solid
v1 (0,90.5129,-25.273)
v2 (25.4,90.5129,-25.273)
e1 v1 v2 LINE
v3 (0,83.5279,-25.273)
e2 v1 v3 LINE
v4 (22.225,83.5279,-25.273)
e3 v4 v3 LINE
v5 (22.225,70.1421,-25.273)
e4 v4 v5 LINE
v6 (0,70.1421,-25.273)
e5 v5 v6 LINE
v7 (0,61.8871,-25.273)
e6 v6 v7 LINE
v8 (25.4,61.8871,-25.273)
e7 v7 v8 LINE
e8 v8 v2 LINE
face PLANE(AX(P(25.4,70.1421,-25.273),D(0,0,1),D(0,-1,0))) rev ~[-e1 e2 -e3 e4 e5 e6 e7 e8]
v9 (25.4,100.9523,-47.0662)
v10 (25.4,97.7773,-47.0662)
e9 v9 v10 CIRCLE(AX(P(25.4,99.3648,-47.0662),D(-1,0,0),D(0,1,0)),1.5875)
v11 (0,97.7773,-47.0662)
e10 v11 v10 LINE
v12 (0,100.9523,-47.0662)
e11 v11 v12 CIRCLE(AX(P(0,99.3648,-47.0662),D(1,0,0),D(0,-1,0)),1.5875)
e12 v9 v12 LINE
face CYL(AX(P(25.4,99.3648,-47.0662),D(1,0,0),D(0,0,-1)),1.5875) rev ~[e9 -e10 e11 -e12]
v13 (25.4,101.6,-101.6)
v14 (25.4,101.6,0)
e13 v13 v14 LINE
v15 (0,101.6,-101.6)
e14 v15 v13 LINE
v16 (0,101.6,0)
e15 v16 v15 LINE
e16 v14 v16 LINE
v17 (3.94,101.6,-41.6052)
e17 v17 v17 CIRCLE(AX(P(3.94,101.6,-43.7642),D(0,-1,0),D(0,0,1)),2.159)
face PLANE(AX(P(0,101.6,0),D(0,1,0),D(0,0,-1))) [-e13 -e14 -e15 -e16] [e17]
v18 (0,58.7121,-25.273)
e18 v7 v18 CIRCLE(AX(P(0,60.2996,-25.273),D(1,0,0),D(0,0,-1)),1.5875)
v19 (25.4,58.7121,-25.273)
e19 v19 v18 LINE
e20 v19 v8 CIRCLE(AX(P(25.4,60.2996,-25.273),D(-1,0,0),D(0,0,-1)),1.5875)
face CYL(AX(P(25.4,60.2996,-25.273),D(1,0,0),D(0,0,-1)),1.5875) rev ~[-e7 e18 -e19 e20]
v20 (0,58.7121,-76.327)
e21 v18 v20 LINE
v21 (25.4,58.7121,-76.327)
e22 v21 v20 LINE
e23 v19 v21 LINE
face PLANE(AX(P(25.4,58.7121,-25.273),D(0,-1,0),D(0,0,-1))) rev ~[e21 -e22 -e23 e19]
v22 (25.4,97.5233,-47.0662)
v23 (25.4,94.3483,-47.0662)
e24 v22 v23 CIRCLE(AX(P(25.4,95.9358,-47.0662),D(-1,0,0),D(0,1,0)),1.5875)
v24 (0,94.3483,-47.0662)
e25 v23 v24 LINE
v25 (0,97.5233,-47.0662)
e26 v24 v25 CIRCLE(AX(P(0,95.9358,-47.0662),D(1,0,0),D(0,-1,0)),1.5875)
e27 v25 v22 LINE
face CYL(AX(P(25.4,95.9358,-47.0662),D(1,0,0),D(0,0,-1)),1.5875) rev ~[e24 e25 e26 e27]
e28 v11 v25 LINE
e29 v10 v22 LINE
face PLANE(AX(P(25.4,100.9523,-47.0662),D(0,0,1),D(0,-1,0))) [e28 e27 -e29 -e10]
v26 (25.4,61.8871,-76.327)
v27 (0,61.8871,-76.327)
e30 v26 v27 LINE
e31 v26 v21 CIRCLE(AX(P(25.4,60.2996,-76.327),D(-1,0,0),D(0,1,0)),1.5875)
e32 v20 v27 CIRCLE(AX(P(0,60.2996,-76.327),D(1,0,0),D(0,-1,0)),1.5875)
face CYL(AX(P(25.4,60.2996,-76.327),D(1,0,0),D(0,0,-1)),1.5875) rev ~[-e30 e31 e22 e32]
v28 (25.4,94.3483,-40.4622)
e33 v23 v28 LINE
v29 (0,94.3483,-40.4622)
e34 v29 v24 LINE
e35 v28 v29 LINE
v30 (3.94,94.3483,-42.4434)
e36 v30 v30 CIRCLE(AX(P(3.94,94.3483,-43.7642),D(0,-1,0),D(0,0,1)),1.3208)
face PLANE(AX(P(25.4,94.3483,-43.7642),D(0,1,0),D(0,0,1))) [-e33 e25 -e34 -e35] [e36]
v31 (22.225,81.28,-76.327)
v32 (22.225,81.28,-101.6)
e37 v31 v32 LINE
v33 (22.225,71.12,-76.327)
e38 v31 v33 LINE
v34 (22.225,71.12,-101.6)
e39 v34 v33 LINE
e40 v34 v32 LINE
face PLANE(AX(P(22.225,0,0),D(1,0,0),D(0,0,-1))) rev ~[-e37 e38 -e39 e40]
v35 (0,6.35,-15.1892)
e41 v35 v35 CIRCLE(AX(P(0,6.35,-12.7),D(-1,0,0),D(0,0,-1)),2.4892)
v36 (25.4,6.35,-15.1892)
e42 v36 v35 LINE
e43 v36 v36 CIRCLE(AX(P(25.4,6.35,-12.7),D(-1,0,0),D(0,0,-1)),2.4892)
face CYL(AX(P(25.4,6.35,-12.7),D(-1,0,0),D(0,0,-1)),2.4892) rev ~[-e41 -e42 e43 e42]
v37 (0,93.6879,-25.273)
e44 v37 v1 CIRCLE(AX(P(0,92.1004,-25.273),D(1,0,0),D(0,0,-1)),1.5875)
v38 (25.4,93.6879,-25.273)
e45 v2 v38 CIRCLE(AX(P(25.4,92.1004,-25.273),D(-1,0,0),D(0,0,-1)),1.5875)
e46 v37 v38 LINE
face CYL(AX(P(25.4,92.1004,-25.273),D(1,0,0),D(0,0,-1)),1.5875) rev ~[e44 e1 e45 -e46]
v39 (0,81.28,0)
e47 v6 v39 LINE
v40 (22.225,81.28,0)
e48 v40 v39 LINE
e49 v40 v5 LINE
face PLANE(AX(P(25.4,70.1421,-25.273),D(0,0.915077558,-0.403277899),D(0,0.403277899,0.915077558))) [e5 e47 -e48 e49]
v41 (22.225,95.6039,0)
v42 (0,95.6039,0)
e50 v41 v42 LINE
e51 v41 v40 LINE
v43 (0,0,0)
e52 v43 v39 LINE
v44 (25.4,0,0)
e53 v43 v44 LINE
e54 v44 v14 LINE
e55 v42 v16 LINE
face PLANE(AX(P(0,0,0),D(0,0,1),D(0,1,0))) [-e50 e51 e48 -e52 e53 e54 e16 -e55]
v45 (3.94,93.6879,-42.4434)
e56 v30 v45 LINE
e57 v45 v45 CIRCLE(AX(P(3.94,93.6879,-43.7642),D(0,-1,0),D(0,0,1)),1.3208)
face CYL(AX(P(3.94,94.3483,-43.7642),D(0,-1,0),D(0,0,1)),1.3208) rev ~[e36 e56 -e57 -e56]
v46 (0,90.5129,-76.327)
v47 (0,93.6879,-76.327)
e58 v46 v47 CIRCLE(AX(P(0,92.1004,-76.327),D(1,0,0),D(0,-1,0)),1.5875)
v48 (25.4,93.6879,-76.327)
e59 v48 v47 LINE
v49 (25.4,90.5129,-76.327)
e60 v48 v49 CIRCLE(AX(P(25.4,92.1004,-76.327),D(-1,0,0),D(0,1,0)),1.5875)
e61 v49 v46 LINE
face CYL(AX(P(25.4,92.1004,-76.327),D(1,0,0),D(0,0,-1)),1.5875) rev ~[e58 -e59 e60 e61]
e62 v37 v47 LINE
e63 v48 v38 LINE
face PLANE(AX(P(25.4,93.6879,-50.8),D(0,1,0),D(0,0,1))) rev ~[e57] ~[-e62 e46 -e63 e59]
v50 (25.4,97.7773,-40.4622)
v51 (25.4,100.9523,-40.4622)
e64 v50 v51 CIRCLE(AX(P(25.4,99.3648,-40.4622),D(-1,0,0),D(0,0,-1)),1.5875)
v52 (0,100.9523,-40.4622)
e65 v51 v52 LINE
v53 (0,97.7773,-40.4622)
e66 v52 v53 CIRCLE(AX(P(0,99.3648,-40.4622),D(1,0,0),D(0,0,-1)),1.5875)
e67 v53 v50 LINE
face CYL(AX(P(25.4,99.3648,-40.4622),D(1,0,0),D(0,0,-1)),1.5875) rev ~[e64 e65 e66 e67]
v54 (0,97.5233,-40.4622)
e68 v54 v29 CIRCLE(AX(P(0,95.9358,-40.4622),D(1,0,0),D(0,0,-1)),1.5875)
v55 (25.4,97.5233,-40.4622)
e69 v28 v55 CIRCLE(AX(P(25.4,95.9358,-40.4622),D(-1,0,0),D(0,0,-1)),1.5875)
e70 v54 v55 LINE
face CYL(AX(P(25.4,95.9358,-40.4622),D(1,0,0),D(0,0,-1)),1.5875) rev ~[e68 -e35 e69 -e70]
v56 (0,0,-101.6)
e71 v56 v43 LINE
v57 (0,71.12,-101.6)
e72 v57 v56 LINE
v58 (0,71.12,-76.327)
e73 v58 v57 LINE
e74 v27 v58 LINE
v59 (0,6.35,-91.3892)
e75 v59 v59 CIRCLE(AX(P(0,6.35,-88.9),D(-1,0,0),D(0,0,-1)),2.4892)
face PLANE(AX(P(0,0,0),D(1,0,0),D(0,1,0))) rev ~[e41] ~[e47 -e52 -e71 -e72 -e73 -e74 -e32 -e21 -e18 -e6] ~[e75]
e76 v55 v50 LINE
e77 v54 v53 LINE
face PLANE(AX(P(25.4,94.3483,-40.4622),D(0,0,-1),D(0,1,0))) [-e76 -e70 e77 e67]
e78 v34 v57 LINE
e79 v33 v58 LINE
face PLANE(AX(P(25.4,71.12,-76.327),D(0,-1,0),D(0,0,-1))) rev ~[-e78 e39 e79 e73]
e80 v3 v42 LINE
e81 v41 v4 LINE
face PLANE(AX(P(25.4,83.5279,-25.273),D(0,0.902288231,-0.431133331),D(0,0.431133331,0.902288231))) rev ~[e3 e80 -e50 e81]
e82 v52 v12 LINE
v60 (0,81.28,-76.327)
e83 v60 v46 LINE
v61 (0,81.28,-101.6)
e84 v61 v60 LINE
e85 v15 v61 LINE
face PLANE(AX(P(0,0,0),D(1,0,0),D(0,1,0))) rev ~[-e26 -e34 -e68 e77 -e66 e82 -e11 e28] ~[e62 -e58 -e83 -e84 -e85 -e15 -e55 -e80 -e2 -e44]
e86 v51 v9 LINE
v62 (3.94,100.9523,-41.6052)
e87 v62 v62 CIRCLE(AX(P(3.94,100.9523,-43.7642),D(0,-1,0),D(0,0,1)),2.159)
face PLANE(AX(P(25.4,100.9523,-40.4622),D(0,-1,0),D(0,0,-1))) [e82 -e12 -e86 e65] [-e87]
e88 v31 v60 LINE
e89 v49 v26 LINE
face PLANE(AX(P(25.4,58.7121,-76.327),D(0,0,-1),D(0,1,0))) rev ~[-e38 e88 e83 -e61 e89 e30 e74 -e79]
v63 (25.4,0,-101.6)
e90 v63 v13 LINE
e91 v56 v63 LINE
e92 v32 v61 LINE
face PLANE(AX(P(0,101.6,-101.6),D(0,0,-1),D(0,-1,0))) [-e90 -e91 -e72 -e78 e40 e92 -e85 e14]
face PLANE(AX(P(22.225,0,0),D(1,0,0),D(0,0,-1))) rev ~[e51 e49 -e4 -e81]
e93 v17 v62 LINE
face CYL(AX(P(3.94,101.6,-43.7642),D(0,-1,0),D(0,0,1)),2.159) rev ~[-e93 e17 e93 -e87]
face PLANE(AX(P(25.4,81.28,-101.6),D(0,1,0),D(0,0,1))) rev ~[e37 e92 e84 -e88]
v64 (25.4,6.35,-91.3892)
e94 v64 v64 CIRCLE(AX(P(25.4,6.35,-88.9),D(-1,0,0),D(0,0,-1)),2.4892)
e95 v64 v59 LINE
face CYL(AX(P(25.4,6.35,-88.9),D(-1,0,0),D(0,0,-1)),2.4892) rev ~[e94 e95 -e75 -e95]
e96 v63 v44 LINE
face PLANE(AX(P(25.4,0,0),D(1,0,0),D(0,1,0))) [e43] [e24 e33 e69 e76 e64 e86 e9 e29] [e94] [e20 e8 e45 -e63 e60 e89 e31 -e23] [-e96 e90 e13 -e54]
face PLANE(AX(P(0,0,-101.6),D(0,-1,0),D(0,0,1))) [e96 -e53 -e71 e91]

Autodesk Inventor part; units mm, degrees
ref_plane "YZ Plane" through (0, 0, 0) normal (1, 0, 0) x (0, 1, 0)
ref_plane "XZ Plane" through (0, 0, 0) normal (0, 1, 0) x (-1, 0, 0)
ref_plane "XY Plane" through (0, 0, 0) normal (0, 0, 1) x (1, 0, 0)
sketch "Sketch1" plane through (0, 0, 0) normal (1, 0, 0) x (0, 1, 0)
  line L0 (0, 0) -> (101.6, 0)
  line L1 (101.6, 0) -> (101.6, -101.6)
  line L2 (101.6, -101.6) -> (0, -101.6)
  line L3 (0, -101.6) -> (0, 0)
  dimension "d0" = 101.6
  dimension "d1" = 101.6
extrude "Extrusion1" add sketch "Sketch1" along normal blind 25.4
sketch "Sketch2" plane through (25.4, 0, 0) normal (1, 0, 0) x (0, 0, -1)
  line L0 (0, 101.6) -> (0, 0) projected
  line L1 (0, 0) -> (12.7, 0)
  line L2 (12.7, 0) -> (12.7, 6.35)
  line L3 (12.7, 6.35) -> (0, 6.35)
  line L4 (0, 6.35) -> (0, 0)
  line L5 (101.6, 0) -> (101.6, 101.6) projected
  line L6 (101.6, 0) -> (88.9, 0)
  line L7 (88.9, 0) -> (88.9, 6.35)
  line L8 (88.9, 6.35) -> (101.6, 6.35)
  line L9 (101.6, 6.35) -> (101.6, 0)
  line L10 (101.6, 101.6) -> (0, 101.6) projected
  line L11 (50.8, 101.6) -> (50.8, 76.2)
  line L12 (25.273, 58.7121) -> (76.327, 58.7121)
  line L13 (76.327, 58.7121) -> (76.327, 93.6879)
  line L14 (76.327, 93.6879) -> (25.273, 93.6879)
  line L15 (25.273, 93.6879) -> (25.273, 58.7121)
  line L16 (25.273, 58.7121) -> (76.327, 93.6879) construction
  line L17 (76.327, 58.7121) -> (25.273, 93.6879) construction
  line L18 (74.9076, 71.12) -> (101.6, 71.12)
  line L19 (101.6, 71.12) -> (101.6, 81.28)
  line L20 (101.6, 81.28) -> (74.9076, 81.28)
  line L21 (74.9076, 81.28) -> (74.9076, 71.12)
  line L22 (74.9076, 71.12) -> (101.6, 81.28) construction
  line L23 (101.6, 71.12) -> (74.9076, 81.28) construction
  line L24 (25.273, 93.6879) -> (25.273, 83.5279)
  line L25 (25.273, 58.7121) -> (25.273, 70.1421)
  line L26 (25.273, 70.1421) -> (0, 81.28)
  line L27 (25.273, 83.5279) -> (0, 95.6039)
  line L28 (0, 81.28) -> (0, 95.6039)
  line L29 (25.273, 83.5279) -> (25.273, 70.1421)
  point P0 (88.2538, 76.2)
  point P1 (76.327, 81.28)
  point P2 (76.327, 71.12)
  dimension "d4" = 12.7
  dimension "d5" = 6.35
  dimension "d6" = 12.7
  dimension "d7" = 6.35
  dimension "d8" = 25.4
  dimension "d9" = 51.054
  dimension "d10" = 34.9758
  dimension "d20" = 10.16
  dimension "d21" = 10.16
  dimension "d22" = 11.43
extrude "Extrusion2" cut sketch "Sketch2" against normal blind 25.4 contours L27 L15 L26 L0 | L15 L14 L13 L20 L21 L18 L12 | L5 L18 L13 L20 | L13 L18 L21 L20
hole "Hole1" at (25.4, 6.35, -88.9) at (25.4, 6.35, -12.7) direction (-1, 0, 0) diameter 4.9784 end through all thread size "1/4-20 UNC" class "2B" standard "ANSI Unified Screw Threads"
sketch "Sketch5" plane through (25.4, 0, 0) normal (1, 0, 0) x (0, 0, -1)
  line L0 (0, 101.6) -> (0, 95.6039) projected
  line L1 (25.273, 58.7121) -> (76.327, 58.7121) projected
  line L2 (0, 101.6) -> (25.273, 101.6)
  line L3 (25.273, 101.6) -> (25.273, 58.7121)
  line L4 (25.273, 58.7121) -> (0, 58.7121)
  line L5 (0, 58.7121) -> (0, 101.6)
  line L6 (101.6, 81.28) -> (101.6, 101.6) projected
  line L7 (76.327, 58.7121) -> (101.6, 58.7121)
  line L8 (101.6, 58.7121) -> (101.6, 101.6)
  line L9 (101.6, 101.6) -> (76.327, 101.6)
  line L10 (76.327, 101.6) -> (76.327, 58.7121)
  point P0 (0, 0)
extrude "Extrusion4" add sketch "Sketch5" against normal blind 3.175
sketch "Sketch6" plane through (25.4, 0, 0) normal (1, 0, 0) x (0, 0, -1)
  line L0 (76.327, 93.6879) -> (25.273, 93.6879) projected
  line L1 (50.8, 93.6879) -> (43.7642, 93.6879)
  line L2 (43.7642, 93.6879) -> (43.7642, 97.6503)
  line L3 (101.6, 101.6) -> (0, 101.6) projected
  line L4 (40.4622, 100.9523) -> (47.0662, 100.9523)
  line L5 (47.0662, 100.9523) -> (47.0662, 94.3483)
  line L6 (47.0662, 94.3483) -> (40.4622, 94.3483)
  line L7 (40.4622, 94.3483) -> (40.4622, 100.9523)
  line L8 (40.4622, 100.9523) -> (47.0662, 94.3483) construction
  line L9 (47.0662, 100.9523) -> (40.4622, 94.3483) construction
  point P0 (0, 0)
  dimension "d30" = 7.0358
  dimension "d31" = 3.9624
  dimension "d32" = 6.604
  dimension "d33" = 6.604
extrude "Extrusion5" cut sketch "Sketch6" against normal blind 25.4
sketch "Sketch7" plane through (0, 101.6, 0) normal (0, 1, 0) x (1, 0, 0)
  line L0 (25.4, 40.4622) -> (0, 40.4622) projected
  line L1 (25.4, 47.0662) -> (0, 47.0662) projected
  line L2 (0, 47.0662) -> (0, 43.7642)
  line L3 (0, 101.6) -> (0, 0) projected
  line L4 (0, 43.7642) -> (3.94, 43.7642)
  dimension "d36" = 3.302
  dimension "d37" = 3.94
hole "Hole2" at (3.94, 101.6, -43.7642) direction (0, -1, 0) diameter 4.318 depth 6.35 tip angle 118 clearance for "Socket Head Cap Screw" size "#6" standard "Ansi Unified Screw Threads"
sketch "Sketch8" plane through (25.4, 94.3483, -40.4622) normal (0, 1, 0) x (1, 0, 0)
  point P0 (-25.4, -40.4622)
  point P1 (-21.46, 3.302)
hole "Hole3" at (3.94, 94.3483, -43.7642) direction (0, -1, 0) diameter 2.6416 depth 10.9728 tip angle 118 thread size "6-32 UNC" class "2B" standard "ANSI Unified Screw Threads"
sketch "Sketch9" plane through (25.4, 0, 0) normal (1, 0, 0) x (0, 0, -1)
  line L0 (25.273, 93.6879) -> (76.327, 93.6879) projected
  line L1 (25.273, 93.6879) -> (25.273, 92.1004)
  line L2 (25.273, 58.7121) -> (25.273, 93.6879) projected
  circle A0 centre (25.273, 92.1004) radius 1.5875
  line L3 (25.273, 58.7121) -> (25.273, 60.2996)
  line L4 (76.327, 93.6879) -> (76.327, 92.1004)
  line L5 (76.327, 93.6879) -> (76.327, 58.7121) projected
  line L6 (25.273, 58.7121) -> (76.327, 58.7121) projected
  line L7 (76.327, 58.7121) -> (76.327, 60.2996)
  line L8 (40.4622, 100.9523) -> (40.4622, 94.3483) projected
  line L9 (40.4622, 94.3483) -> (40.4622, 95.9358)
  line L10 (40.4622, 100.9523) -> (40.4622, 99.3648)
  line L11 (47.0662, 100.9523) -> (47.0662, 99.3648)
  line L12 (47.0662, 94.3483) -> (47.0662, 100.9523) projected
  line L13 (47.0662, 94.3483) -> (47.0662, 95.9358)
  circle A1 centre (25.273, 60.2996) radius 1.5875
  circle A2 centre (76.327, 60.2996) radius 1.5875
  circle A3 centre (76.327, 92.1004) radius 1.5875
  circle A4 centre (47.0662, 99.3648) radius 1.5875
  circle A5 centre (47.0662, 95.9358) radius 1.5875
  circle A6 centre (40.4622, 95.9358) radius 1.5875
  circle A7 centre (40.4622, 99.3648) radius 1.5875
  point P0 (0, 0)
  point P1 (76.327, 90.5129)
  point P2 (76.327, 61.8871)
  dimension "d52" = 1.5875
  dimension "d53" = 3.175
  dimension "d54" = 1.5875
  dimension "d55" = 1.5875
  dimension "d56" = 1.5875
  dimension "d57" = 1.5875
  dimension "d58" = 1.5875
  dimension "d59" = 1.5875
  dimension "d60" = 1.5875
  dimension "d61" = 3.175
  dimension "d62" = 3.175
  dimension "d63" = 3.175
  dimension "d64" = 3.175
  dimension "d65" = 3.175
  dimension "d66" = 3.175
  dimension "d67" = 3.175
extrude "Extrusion6" cut sketch "Sketch9" against normal blind 25.4 contours A0 L2 L1 | L1 L2 A0 | A3 L5 L4 | A1 L2 | L2 A1 | A2 L5 | A7 L8 | A6 L8 | L8 A6 | L8 A7 | A4 L12 L11 | A5 L12 | L12 A5 | L11 L12 A4 picked at (76.6743, 93.0931) picked at (76.6743, 59.3069)
properties part number "Al thermal core-r2"
